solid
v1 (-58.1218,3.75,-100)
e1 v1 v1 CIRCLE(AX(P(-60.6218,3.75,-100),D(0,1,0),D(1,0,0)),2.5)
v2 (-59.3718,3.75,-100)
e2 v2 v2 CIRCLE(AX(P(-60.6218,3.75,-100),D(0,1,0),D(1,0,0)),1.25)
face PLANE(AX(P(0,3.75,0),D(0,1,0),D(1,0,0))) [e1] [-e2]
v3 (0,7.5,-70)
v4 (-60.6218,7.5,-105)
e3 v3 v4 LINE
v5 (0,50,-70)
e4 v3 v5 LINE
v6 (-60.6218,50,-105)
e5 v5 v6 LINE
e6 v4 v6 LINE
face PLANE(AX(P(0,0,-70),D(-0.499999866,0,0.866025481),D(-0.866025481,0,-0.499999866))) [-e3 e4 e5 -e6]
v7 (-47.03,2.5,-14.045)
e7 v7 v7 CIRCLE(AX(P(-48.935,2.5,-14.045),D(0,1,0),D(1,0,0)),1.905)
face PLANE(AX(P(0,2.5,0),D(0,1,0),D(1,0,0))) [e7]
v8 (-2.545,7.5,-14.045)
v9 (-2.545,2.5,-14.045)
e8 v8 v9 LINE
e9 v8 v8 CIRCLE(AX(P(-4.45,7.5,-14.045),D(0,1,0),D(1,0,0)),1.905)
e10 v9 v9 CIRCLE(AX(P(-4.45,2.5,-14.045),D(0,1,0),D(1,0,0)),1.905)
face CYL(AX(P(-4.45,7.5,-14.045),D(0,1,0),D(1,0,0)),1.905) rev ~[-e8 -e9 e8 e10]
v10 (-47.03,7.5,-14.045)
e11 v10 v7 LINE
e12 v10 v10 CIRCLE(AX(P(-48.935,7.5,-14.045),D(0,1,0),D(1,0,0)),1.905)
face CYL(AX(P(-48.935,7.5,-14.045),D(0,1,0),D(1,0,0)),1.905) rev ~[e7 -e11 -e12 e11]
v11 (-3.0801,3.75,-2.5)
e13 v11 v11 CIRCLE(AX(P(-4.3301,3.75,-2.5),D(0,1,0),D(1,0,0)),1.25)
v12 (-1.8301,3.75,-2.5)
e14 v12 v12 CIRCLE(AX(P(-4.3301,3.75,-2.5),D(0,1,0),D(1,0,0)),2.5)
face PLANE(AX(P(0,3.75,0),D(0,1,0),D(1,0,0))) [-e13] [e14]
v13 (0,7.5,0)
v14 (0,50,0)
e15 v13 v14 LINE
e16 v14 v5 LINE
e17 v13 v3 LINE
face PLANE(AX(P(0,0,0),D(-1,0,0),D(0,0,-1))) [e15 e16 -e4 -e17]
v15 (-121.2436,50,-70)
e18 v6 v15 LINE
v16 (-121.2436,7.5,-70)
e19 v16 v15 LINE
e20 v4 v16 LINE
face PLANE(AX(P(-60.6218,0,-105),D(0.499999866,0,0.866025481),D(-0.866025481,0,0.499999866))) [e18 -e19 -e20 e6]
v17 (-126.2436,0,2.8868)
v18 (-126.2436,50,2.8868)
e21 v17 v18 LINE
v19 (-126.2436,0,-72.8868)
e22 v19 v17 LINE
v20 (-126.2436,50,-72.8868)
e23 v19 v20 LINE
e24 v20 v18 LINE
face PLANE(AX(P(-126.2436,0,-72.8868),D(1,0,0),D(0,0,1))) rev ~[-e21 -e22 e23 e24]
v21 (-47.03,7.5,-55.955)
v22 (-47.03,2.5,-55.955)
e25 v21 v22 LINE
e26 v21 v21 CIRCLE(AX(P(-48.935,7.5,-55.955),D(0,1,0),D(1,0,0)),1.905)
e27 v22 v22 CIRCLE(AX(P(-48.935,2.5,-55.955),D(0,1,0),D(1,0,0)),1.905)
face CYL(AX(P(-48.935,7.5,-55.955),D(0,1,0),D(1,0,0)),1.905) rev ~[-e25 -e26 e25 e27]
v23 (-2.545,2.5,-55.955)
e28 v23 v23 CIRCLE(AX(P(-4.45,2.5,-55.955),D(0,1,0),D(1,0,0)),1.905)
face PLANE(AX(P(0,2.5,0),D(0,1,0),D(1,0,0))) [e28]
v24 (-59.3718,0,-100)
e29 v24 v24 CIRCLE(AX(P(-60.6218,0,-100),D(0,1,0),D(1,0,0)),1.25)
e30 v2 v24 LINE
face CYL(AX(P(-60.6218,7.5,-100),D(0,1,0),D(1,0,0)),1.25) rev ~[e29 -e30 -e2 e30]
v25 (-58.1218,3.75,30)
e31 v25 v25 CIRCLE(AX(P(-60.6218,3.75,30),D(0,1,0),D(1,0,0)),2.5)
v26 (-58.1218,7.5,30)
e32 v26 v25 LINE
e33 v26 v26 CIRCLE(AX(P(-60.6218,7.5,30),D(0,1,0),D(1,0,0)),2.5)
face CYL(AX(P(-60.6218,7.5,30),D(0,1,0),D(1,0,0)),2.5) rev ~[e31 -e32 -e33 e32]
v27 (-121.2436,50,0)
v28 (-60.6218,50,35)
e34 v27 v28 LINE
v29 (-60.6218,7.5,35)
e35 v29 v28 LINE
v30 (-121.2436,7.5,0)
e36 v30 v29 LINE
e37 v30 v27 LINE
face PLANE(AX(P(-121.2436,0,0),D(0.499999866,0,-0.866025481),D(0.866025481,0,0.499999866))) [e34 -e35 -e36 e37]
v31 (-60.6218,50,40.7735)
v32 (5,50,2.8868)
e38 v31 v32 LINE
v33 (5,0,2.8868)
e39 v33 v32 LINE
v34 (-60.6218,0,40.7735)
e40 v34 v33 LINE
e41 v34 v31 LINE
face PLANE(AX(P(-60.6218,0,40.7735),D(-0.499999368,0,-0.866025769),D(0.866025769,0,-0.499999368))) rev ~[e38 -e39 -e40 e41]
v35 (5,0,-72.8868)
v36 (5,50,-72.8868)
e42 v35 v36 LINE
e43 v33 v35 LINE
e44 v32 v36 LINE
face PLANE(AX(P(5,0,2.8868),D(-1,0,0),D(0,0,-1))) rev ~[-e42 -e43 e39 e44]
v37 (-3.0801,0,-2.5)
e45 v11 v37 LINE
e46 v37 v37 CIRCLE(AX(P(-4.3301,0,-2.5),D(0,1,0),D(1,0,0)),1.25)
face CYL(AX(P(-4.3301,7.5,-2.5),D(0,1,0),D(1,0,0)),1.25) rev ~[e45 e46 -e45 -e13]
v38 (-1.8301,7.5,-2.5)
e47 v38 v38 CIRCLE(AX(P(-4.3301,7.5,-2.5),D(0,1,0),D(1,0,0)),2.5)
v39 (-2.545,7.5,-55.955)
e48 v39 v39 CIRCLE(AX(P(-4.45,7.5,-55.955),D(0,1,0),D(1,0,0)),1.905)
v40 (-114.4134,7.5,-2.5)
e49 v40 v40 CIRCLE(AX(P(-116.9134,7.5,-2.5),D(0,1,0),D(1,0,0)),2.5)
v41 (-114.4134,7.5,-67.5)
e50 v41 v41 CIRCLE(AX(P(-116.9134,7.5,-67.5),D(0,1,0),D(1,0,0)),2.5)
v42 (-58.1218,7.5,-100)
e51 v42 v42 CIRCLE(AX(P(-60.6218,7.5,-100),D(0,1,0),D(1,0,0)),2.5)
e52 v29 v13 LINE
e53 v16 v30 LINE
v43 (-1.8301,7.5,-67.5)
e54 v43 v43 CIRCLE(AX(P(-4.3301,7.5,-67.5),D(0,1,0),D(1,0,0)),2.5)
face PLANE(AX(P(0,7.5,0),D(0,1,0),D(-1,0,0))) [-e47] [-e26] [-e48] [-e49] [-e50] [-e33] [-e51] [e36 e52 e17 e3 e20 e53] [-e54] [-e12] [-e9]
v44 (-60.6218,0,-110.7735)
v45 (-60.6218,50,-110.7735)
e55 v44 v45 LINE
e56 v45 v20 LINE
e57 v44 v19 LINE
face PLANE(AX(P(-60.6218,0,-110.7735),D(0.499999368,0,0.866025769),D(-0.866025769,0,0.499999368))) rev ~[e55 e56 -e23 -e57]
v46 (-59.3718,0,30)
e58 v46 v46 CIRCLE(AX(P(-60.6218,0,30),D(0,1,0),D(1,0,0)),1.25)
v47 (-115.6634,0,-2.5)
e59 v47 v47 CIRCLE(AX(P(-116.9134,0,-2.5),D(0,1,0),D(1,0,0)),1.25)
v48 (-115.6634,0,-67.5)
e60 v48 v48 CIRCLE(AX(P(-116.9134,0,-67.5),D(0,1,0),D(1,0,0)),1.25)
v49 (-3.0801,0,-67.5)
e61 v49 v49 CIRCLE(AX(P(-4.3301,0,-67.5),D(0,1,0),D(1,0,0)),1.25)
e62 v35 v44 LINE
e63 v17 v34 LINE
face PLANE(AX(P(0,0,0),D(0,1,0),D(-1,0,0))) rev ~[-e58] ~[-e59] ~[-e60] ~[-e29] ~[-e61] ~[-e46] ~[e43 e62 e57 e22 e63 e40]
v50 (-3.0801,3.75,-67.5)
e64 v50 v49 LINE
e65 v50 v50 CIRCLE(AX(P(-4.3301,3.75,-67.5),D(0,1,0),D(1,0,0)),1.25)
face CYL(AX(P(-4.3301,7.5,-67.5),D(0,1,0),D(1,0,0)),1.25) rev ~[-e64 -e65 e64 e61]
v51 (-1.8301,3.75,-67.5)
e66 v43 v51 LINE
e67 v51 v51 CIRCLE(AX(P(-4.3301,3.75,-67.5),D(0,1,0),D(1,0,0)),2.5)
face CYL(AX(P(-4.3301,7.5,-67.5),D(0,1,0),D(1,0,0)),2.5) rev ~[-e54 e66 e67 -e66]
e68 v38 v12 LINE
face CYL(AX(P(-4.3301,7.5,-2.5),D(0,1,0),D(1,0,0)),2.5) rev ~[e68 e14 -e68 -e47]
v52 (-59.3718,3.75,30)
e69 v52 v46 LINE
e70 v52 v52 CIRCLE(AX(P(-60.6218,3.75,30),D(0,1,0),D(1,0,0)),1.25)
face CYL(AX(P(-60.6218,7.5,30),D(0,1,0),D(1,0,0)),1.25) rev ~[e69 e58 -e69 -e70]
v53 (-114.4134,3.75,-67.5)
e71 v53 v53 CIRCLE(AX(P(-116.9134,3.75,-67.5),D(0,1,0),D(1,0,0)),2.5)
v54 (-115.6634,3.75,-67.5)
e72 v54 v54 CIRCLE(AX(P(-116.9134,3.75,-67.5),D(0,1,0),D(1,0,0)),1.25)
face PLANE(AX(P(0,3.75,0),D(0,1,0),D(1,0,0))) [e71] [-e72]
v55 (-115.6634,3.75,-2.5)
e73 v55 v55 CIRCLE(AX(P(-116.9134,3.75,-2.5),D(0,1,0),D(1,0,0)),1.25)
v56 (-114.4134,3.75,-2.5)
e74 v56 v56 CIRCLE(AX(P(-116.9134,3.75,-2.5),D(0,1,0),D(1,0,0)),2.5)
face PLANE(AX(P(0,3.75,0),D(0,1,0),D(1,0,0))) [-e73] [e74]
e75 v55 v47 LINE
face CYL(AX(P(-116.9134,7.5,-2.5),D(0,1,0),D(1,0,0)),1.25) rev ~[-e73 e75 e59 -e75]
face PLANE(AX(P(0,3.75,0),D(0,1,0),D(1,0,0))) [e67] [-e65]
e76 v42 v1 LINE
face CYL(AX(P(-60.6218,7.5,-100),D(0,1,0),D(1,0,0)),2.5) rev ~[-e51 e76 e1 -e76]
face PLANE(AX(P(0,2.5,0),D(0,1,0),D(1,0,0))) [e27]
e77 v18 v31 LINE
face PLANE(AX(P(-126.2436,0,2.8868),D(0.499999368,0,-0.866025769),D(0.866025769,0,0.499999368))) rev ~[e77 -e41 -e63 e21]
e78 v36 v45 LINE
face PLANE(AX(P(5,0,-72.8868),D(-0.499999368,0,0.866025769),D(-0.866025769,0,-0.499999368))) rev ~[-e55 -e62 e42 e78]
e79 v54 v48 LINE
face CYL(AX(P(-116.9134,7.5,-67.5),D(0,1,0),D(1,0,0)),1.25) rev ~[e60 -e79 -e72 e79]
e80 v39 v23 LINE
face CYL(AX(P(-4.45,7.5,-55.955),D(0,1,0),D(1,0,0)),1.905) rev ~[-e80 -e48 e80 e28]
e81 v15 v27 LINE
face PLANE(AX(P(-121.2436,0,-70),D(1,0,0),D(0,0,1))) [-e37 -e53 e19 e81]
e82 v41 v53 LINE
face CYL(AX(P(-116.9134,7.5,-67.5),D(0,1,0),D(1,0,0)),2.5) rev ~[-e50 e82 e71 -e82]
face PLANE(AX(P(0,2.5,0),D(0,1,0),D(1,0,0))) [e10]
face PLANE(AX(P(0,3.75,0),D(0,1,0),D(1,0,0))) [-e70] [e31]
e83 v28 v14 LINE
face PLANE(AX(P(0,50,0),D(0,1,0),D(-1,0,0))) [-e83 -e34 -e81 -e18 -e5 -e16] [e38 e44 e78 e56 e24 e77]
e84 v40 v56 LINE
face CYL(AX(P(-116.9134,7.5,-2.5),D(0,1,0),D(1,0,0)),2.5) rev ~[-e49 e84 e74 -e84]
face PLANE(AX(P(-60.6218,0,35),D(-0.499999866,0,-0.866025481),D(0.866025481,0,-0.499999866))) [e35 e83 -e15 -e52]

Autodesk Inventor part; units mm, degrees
ref_plane "YZ Plane" through (0, 0, 0) normal (1, 0, 0) x (0, 1, 0)
ref_plane "XZ Plane" through (0, 0, 0) normal (0, 1, 0) x (-1, 0, 0)
ref_plane "XY Plane" through (0, 0, 0) normal (0, 0, 1) x (1, 0, 0)
sketch "Sketch1" plane through (0, 0, 0) normal (0, 1, 0) x (-1, 0, 0)
  line L0 (0, 0) -> (0, -70)
  line L1 (0, -70) -> (60.6218, -105)
  line L2 (60.6218, -105) -> (121.2436, -70)
  line L3 (121.2436, -70) -> (121.2436, 0)
  line L4 (121.2436, 0) -> (60.6218, 35)
  line L5 (60.6218, 35) -> (0, 0)
  line L6 (-5, 2.8868) -> (-5, -72.8868)
  line L7 (-5, -72.8868) -> (60.6218, -110.7735)
  line L8 (60.6218, -110.7735) -> (126.2436, -72.8868)
  line L9 (126.2436, -72.8868) -> (126.2436, 2.8868)
  line L10 (126.2436, 2.8868) -> (60.6218, 40.7735)
  line L11 (60.6218, 40.7735) -> (-5, 2.8868)
  line L12 (0, 0) -> (-5, 0) construction
  line L13 (-5, 2.8868) -> (0, 0) construction
  dimension "wall" = 70
  dimension "d1" = 70
  dimension "d2" = 70
  dimension "d3" = 70
  dimension "d4" = 70
  dimension "d5" = 70
  dimension "d6" = 120
  dimension "d7" = 120
  dimension "d9" = 120
  dimension "d10" = 120
  dimension "d11" = 120
  dimension "wallThickness" = 5
  dimension "d15" = 5
  dimension "d16" = 131.2436
extrude "Extrusion1" add sketch "Sketch1" along normal blind 7.5 contours L5 L4 L3 L2 L1 L0
extrude "Extrusion2" add sketch "Sketch1" along normal blind 50
sketch "Sketch2" plane through (0, 7.5, 0) normal (0, 1, 0) x (1, 0, 0)
  circle A0 centre (-4.45, 55.955) radius 1.905
  circle A1 centre (-4.45, 14.045) radius 1.905
  line L0 (-4.45, 55.955) -> (-4.45, 14.045) construction
  line L1 (0, 70) -> (0, 0) construction
  line L2 (-4.45, 14.045) -> (-48.935, 14.045) construction
  circle A2 centre (-48.935, 14.045) radius 1.905
  circle A3 centre (-48.935, 55.955) radius 1.905
  line L3 (0, 70) -> (-60.6218, 105) projected
  line L4 (0, 70) -> (-1, 70) construction
  dimension "holderRadius" = 3.81
  dimension "d22" = 3.81
  dimension "d23" = 41.91
  dimension "d24" = 4.45
  dimension "d25" = 44.485
  dimension "d26" = 3.81
  dimension "d27" = 3.81
  dimension "d28" = 41.91
  dimension "d29" = 44.485
  dimension "d30" = 1
  dimension "d31" = 14.045
extrude "Extrusion3" cut sketch "Sketch2" against normal blind 5
sketch "Sketch3" plane through (0, 7.5, 0) normal (0, 1, 0) x (1, 0, 0)
  circle A0 centre (-4.3301, 2.5) radius 2.5
  line L0 (0, 0) -> (0, 70) projected
  line L1 (0, 0) -> (-4.3301, 2.5) construction
  line L2 (0, 0) -> (5, 0) construction
  line L3 (-60.6218, -35) -> (-121.2436, 0) construction
  line L4 (-60.6218, -35) -> (-60.6218, -30) construction
  line L5 (-60.6218, -35) -> (-55.6218, -35) construction
  line L6 (-121.2436, 70) -> (-121.2436, 0) construction
  line L7 (-121.2436, 0) -> (-116.9134, 2.5) construction
  line L8 (-121.2436, 0) -> (-116.2436, 0) construction
  line L9 (-60.6218, 105) -> (-60.6218, 100) construction
  line L10 (0, 70) -> (-4.3301, 67.5) construction
  circle A1 centre (-4.3301, 67.5) radius 2.5
  line L11 (-121.2436, 70) -> (-60.6218, 105) construction
  circle A2 centre (-116.9134, 2.5) radius 2.5
  line L12 (-121.2436, 70) -> (-116.9134, 67.5) construction
  circle A3 centre (-116.9134, 67.5) radius 2.5
  circle A4 centre (-60.6218, 100) radius 2.5
  circle A5 centre (-60.6218, -30) radius 2.5
  circle A6 centre (-60.6218, -30) radius 1.25
  circle A7 centre (-116.9134, 2.5) radius 1.25
  circle A8 centre (-116.9134, 67.5) radius 1.25
  circle A9 centre (-60.6218, 100) radius 1.25
  circle A10 centre (-4.3301, 67.5) radius 1.25
  circle A11 centre (-4.3301, 2.5) radius 1.25
  dimension "holeRad" = 5
  dimension "d35" = 5
  dimension "d36" = 150
  dimension "d37" = 5
  dimension "d38" = 90
  dimension "d39" = 5
  dimension "d40" = 30
  dimension "d42" = 5
  dimension "d43" = 5
  dimension "d44" = 5
  dimension "d45" = 60
  dimension "d47" = 5
  dimension "d48" = 5
  dimension "d49" = 60
  dimension "d50" = 5
  dimension "d51" = 5
  dimension "d52" = 5
  dimension "d53" = 2.5
  dimension "d54" = 2.5
  dimension "d55" = 2.5
  dimension "d56" = 2.5
  dimension "d57" = 2.5
  dimension "d58" = 2.5
extrude "Extrusion4" cut sketch "Sketch3" against normal blind 3.75
extrude "Extrusion5" cut sketch "Sketch3" against normal blind 7.5 contours A6 | A7 | A8 | A9 | A10 | A11
equation "\"d1\" = wall"
equation "\"d2\" = wall"
equation "\"d3\" = wall"
equation "\"d4\" = wall"
equation "\"d5\" = wall"
properties part number "Improved Internal Base"
